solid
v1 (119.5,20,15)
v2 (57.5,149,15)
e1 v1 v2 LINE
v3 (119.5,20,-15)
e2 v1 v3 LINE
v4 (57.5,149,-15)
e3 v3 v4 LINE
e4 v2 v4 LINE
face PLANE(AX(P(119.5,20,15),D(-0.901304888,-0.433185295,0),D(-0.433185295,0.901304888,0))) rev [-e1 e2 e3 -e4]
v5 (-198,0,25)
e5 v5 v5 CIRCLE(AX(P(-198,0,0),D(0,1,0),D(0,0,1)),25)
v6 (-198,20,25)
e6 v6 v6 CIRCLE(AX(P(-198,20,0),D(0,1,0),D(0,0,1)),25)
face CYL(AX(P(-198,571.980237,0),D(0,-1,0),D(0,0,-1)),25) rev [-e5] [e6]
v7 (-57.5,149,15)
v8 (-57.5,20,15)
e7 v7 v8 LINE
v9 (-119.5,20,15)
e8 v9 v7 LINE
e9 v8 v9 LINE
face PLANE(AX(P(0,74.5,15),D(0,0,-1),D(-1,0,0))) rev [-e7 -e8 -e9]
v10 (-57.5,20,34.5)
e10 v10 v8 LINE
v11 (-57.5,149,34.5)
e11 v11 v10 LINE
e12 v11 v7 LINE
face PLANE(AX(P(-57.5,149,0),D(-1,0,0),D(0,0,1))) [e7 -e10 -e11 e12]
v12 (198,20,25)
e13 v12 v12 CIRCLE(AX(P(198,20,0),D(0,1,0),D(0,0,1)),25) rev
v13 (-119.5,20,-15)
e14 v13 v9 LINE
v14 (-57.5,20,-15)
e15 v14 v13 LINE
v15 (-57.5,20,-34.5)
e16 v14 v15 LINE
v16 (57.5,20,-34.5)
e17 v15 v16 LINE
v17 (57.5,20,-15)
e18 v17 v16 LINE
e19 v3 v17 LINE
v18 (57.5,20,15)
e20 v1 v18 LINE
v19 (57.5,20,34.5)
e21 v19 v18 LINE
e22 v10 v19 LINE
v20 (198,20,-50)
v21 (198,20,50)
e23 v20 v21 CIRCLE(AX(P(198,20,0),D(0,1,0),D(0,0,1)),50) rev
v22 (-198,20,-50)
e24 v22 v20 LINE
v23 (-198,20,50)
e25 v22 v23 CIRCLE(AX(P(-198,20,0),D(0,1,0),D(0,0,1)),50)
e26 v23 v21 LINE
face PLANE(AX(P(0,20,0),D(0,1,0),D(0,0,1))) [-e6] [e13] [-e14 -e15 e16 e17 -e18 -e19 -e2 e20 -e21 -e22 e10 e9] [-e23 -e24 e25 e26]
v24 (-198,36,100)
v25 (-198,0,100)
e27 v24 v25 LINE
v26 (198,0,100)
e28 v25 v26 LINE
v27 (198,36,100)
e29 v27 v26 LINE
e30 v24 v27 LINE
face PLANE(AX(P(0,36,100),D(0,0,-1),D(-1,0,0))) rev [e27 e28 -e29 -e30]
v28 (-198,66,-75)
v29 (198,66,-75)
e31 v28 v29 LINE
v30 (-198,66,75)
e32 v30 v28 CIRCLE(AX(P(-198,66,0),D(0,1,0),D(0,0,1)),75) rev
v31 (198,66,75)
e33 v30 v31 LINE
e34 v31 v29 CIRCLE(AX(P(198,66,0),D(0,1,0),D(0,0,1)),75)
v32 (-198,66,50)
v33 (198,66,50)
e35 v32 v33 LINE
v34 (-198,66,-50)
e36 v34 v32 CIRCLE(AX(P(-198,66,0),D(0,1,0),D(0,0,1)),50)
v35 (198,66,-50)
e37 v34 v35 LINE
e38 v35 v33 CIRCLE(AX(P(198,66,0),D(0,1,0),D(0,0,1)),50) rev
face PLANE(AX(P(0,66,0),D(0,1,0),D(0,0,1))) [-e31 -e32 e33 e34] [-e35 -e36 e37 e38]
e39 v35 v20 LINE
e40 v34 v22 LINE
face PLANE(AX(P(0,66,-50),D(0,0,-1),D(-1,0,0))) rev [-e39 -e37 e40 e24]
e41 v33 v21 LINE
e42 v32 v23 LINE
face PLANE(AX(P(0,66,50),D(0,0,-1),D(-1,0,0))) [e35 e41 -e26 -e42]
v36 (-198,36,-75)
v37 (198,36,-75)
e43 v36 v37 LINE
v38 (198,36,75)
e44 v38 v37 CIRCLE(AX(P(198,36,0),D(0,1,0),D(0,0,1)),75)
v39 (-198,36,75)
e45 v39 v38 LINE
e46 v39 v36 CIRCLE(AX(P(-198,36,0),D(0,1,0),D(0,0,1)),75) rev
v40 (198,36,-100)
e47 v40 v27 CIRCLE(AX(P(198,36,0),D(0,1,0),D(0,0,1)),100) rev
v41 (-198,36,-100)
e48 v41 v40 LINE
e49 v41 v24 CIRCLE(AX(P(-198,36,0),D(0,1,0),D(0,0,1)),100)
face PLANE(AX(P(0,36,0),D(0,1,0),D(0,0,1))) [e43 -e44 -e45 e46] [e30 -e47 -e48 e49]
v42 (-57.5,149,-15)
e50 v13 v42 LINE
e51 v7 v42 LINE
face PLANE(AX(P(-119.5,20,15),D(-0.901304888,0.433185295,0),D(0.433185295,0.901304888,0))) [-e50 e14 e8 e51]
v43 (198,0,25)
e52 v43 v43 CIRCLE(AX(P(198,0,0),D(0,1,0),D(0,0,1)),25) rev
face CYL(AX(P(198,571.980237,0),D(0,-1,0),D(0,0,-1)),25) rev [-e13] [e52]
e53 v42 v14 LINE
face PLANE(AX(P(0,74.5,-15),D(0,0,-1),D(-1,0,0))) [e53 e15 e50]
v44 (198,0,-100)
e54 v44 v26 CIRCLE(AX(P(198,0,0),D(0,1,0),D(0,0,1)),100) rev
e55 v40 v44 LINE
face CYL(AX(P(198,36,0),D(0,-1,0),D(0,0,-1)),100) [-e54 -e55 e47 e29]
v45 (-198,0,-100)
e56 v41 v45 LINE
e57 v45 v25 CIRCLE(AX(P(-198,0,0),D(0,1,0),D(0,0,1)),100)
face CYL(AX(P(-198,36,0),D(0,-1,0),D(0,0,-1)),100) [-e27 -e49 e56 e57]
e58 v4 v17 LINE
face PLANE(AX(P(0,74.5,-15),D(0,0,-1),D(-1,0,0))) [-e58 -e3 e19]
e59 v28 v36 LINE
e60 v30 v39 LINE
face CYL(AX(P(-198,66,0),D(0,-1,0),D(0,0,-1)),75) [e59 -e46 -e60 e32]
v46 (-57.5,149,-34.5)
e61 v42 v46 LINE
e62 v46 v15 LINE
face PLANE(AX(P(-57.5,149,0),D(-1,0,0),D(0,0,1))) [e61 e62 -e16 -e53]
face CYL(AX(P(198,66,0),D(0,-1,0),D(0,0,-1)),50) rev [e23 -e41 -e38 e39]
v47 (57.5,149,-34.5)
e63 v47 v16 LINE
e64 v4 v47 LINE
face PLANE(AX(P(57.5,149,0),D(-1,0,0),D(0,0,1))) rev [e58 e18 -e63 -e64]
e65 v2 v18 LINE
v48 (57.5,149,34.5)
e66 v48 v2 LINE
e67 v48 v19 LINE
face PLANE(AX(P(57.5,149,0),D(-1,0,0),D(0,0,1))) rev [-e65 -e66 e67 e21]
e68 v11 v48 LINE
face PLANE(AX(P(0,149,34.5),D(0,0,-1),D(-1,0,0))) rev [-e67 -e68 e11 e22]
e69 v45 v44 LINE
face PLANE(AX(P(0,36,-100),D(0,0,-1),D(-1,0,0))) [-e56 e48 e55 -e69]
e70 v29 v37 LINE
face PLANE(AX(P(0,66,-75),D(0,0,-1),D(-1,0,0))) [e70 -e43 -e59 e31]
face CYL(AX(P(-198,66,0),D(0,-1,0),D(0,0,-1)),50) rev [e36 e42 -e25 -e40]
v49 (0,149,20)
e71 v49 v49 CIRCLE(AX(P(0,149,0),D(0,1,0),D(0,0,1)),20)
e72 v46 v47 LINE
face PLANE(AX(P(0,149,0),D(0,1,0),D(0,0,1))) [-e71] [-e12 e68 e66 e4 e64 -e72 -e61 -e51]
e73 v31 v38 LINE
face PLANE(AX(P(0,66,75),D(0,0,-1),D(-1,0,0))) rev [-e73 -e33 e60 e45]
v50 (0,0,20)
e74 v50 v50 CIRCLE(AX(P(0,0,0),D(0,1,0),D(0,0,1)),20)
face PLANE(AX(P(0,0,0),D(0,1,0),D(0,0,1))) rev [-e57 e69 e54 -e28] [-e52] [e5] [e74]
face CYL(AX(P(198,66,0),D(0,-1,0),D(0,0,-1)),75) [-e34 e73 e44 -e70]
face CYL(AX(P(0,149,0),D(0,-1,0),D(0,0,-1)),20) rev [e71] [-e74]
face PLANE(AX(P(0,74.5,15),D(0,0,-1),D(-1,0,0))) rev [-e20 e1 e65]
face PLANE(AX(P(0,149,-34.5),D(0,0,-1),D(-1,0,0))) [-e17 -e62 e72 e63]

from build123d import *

# Parameters (mm, degrees)
BOSS_EXTRUDE2_DEPTH = 36
BOSS_EXTRUDE3_DEPTH = 66
SKETCH1_7_R         = 25
BOSS_EXTRUDE4_DEPTH = 20
SKETCH1_8_W         = 115
SKETCH1_8_H         = 69
SKETCH1_8_R         = 20
BOSS_EXTRUDE5_DEPTH = 149
SKETCH1_10_W        = 62
SKETCH1_10_H        = 30
BOSS_EXTRUDE6_DEPTH = 20
RIB2_REACH          = 354.463
SKETCH5_WALL_W      = 850.051346756
SKETCH5_WALL_H      = 30


with BuildPart() as part:
    # Sketch1 → Boss-Extrude2 (new body)
    with BuildSketch(Plane(origin=(0, 0, 0), x_dir=(1, 0, 0), z_dir=(0, 1, 0))):
        with BuildLine():
            ThreePointArc((198, 100), (298, 0), (198, -100))
            Line((198, -100), (-198, -100))
            ThreePointArc((-198, -100), (-298, 0), (-198, 100))
            Line((-198, 100), (198, 100))
        make_face()
        with BuildLine():
            ThreePointArc((198, -75), (273, 0), (198, 75))
            Line((198, 75), (-198, 75))
            ThreePointArc((-198, 75), (-273, 0), (-198, -75))
            Line((-198, -75), (198, -75))
        make_face(mode=Mode.SUBTRACT)
    extrude(amount=BOSS_EXTRUDE2_DEPTH)

    # Sketch1<6> → Boss-Extrude3 (add)
    with BuildSketch(Plane(origin=(0, 0, 0), x_dir=(1, 0, 0), z_dir=(0, 1, 0))):
        with BuildLine():
            Line((-198, -75), (198, -75))
            ThreePointArc((198, -75), (273, 0), (198, 75))
            Line((198, 75), (-198, 75))
            ThreePointArc((-198, 75), (-273, 0), (-198, -75))
        make_face()
        with BuildLine():
            Line((-198, 50), (198, 50))
            ThreePointArc((198, 50), (248, 0), (198, -50))
            Line((198, -50), (-198, -50))
            ThreePointArc((-198, -50), (-248, 0), (-198, 50))
        make_face(mode=Mode.SUBTRACT)
    extrude(amount=BOSS_EXTRUDE3_DEPTH)

    # Sketch1<7> → Boss-Extrude4 (add)
    with BuildSketch(Plane(origin=(0, 0, 0), x_dir=(1, 0, 0), z_dir=(0, 1, 0))):
        with BuildLine():
            Line((198, 50), (-198, 50))
            ThreePointArc((-198, 50), (-248, 0), (-198, -50))
            Line((-198, -50), (198, -50))
            ThreePointArc((198, -50), (248, 0), (198, 50))
        make_face()
        with Locations(Location((-198, 0, 0), (0, 0, 270))):
            Circle(SKETCH1_7_R, mode=Mode.SUBTRACT)
        Polygon((57.5, -34.5), (-57.5, -34.5), (-57.5, -15), (-119.5, -15), (-119.5, 15), (-57.5, 15), (-57.5, 34.5), (57.5, 34.5), (57.5, 15), (119.5, 15), (119.5, -15), (57.5, -15), align=None, mode=Mode.SUBTRACT)
        with Locations(Location((198, 0, 0), (0, 0, 270))):
            Circle(SKETCH1_7_R, mode=Mode.SUBTRACT)
    extrude(amount=BOSS_EXTRUDE4_DEPTH)

    # Sketch1<8> → Boss-Extrude5 (add)
    with BuildSketch(Plane(origin=(0, 0, 0), x_dir=(1, 0, 0), z_dir=(0, 1, 0))):
        Rectangle(SKETCH1_8_W, SKETCH1_8_H)
        with Locations(Location((0, 0, 0), (0, 0, 270))):
            Circle(SKETCH1_8_R, mode=Mode.SUBTRACT)
    extrude(amount=BOSS_EXTRUDE5_DEPTH)

    # Sketch1<10> → Boss-Extrude6 (add)
    with BuildSketch(Plane(origin=(0, 0, 0), x_dir=(1, 0, 0), z_dir=(0, 1, 0))):
        with Locations((-88.5, 0)):
            Rectangle(SKETCH1_10_W, SKETCH1_10_H)
        with Locations((88.5, 0)):
            Rectangle(SKETCH1_10_W, SKETCH1_10_H)
    extrude(amount=BOSS_EXTRUDE6_DEPTH)

    # Sketch5 wall → Rib2 (add, up to next)
    with BuildSketch(Plane(origin=(-88.5, 84.5, 15), x_dir=(0.433185294803, 0.901304887575, 0), z_dir=(0.901304887575, -0.433185294803, 0)), mode=Mode.PRIVATE) as rib2_sk1:
        with Locations((0, -15)):
            Rectangle(SKETCH5_WALL_W, SKETCH5_WALL_H)
    rib2_tool1 = extrude(rib2_sk1.sketch, amount=RIB2_REACH, mode=Mode.PRIVATE) - part.part
    rib2 = rib2_tool1.solids().sort_by_distance((-88.5, 84.5, 15))[0]
    add(rib2)

    # Mirror1: Rib2 across plane
    add(rib2.mirror(Plane(origin=(0, 0, 0), x_dir=(0, 0, 1), z_dir=(1, 0, 0))))


solid = part.part
